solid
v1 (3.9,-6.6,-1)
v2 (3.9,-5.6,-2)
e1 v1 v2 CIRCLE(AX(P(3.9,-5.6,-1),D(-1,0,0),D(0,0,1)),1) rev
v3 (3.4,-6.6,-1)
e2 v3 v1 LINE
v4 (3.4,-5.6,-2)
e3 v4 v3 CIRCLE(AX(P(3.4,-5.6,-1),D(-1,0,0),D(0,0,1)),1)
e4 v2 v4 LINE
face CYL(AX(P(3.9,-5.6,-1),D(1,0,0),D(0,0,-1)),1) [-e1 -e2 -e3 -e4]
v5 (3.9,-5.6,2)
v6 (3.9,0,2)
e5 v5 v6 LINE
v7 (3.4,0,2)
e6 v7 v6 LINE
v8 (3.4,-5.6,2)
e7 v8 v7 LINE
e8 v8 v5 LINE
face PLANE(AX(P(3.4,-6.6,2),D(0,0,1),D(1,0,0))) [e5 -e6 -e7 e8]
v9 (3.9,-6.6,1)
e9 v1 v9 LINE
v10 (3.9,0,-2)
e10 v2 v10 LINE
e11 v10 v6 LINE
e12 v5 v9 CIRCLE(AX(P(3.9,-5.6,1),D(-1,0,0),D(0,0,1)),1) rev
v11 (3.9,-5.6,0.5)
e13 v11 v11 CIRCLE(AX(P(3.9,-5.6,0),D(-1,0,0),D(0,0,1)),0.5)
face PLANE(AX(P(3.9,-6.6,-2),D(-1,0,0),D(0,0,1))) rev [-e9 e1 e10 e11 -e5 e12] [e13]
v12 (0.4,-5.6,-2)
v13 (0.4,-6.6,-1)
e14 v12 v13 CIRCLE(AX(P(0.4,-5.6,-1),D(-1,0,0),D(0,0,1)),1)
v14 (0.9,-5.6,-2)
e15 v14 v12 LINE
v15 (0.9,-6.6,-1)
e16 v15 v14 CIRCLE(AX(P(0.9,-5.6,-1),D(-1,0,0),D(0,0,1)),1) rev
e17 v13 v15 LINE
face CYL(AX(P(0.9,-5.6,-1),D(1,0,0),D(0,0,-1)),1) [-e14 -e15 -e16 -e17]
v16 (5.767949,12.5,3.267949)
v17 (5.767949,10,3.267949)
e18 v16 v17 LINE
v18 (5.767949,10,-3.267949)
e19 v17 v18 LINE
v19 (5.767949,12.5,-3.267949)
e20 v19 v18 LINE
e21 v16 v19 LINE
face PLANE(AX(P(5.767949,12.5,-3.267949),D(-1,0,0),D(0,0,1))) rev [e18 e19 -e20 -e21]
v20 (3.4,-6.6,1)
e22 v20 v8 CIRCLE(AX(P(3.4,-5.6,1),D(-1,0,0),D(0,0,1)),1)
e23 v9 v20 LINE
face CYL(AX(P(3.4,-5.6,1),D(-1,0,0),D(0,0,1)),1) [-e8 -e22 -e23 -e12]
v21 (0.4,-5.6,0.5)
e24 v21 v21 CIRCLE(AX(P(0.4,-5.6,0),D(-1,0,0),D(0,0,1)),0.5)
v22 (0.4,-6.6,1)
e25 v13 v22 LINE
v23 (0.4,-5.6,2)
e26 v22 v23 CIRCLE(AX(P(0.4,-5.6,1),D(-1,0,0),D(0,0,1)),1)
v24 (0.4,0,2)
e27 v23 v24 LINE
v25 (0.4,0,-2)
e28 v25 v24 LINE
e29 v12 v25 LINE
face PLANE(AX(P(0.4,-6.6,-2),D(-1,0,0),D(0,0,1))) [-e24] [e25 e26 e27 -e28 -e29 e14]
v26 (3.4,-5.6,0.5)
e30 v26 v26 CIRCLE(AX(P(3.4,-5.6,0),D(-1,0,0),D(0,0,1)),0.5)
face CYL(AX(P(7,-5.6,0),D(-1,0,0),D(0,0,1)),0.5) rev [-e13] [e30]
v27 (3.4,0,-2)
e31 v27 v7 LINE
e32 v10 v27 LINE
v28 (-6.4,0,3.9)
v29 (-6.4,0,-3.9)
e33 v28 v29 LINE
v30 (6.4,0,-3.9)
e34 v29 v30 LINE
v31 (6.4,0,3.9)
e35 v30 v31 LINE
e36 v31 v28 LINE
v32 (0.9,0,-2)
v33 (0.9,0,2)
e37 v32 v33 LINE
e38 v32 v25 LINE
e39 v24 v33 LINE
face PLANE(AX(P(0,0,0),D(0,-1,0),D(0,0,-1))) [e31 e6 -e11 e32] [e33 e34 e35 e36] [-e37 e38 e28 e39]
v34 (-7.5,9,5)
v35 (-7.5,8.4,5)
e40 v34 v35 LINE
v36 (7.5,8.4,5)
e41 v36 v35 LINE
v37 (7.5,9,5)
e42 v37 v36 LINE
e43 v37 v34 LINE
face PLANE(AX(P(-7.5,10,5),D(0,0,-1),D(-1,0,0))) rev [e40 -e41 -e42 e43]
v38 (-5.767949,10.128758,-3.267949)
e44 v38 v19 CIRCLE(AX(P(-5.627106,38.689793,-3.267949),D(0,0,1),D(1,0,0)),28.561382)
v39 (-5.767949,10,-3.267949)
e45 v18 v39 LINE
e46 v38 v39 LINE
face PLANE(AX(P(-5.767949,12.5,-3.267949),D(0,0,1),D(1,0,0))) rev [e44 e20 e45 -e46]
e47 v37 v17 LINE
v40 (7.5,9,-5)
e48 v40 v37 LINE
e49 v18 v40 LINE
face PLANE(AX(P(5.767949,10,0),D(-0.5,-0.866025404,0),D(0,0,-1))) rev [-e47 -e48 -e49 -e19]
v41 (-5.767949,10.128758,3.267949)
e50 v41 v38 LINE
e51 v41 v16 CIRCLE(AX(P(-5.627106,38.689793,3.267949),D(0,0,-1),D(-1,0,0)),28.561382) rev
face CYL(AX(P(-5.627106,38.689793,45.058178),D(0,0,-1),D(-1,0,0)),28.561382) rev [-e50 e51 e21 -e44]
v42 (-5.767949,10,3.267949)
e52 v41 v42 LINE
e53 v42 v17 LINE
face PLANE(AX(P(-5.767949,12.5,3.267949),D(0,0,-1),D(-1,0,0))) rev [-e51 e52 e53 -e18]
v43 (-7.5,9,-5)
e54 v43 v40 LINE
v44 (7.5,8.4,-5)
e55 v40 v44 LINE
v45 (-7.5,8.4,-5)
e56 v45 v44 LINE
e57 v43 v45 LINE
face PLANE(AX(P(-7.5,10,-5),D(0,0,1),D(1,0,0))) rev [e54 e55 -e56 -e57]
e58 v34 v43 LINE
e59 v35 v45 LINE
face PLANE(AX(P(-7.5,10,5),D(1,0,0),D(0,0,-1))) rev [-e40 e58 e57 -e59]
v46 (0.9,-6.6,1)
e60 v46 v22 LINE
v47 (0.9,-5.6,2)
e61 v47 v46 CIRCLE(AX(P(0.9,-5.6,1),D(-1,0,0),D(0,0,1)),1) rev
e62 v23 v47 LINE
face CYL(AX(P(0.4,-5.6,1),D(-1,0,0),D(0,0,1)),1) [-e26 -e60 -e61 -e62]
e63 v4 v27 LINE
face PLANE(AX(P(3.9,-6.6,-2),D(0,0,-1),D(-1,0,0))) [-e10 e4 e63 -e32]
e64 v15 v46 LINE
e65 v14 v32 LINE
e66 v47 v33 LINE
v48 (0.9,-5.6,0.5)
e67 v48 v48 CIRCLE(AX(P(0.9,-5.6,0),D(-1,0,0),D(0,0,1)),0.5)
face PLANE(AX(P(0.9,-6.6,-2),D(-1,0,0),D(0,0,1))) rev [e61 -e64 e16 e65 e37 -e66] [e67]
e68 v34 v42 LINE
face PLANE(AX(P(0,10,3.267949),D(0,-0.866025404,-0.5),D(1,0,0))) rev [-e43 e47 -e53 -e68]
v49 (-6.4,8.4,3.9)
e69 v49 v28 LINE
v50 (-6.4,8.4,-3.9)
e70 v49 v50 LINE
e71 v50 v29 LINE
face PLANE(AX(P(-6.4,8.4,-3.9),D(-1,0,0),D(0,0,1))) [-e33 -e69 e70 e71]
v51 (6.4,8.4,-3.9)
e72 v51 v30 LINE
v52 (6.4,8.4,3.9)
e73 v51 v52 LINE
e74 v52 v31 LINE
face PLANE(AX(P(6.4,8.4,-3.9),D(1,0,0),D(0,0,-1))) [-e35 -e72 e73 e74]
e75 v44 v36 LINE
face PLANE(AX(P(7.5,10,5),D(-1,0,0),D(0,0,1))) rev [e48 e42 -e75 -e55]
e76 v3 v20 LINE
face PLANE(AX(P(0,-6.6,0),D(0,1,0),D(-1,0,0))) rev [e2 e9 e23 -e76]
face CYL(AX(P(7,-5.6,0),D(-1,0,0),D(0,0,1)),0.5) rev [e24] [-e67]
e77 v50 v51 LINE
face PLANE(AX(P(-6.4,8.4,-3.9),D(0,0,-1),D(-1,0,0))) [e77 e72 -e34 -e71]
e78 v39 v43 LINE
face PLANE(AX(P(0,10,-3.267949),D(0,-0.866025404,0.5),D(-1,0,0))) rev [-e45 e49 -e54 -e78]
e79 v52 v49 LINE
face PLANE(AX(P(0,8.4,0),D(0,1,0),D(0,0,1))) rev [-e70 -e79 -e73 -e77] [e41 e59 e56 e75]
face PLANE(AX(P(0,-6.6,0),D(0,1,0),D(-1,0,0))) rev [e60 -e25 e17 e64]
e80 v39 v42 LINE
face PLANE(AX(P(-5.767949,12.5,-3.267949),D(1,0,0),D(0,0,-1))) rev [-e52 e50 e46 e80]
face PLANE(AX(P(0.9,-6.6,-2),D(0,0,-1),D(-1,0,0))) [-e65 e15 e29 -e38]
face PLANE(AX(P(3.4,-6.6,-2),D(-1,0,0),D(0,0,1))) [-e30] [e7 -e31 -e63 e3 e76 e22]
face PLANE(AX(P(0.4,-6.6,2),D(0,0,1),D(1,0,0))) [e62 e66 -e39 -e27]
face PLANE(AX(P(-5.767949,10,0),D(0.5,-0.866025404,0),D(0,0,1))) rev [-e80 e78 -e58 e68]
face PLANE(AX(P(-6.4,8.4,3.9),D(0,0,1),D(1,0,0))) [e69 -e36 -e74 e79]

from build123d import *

# Parameters (mm, degrees)
SKETCH1_W               = 15
SKETCH1_H               = 10
BOSS_EXTRUDE1_DEPTH     = 10
SKETCH2_W               = 15
SKETCH2_H               = 10
SKETCH2_W_2             = 12.8
SKETCH2_H_2             = 7.8
CUT_EXTRUDE1_DEPTH      = 8.4
CHAMFER1_SIZE           = 1
CHAMFER1_SIZE2          = 1.732050808
CHAMFER1_PART_2_SIZE    = 1
CHAMFER1_PART_2_SIZE2   = 1.732050808
CHAMFER1_PART_3_SIZE    = 1
CHAMFER1_PART_3_SIZE2   = 1.732050808
CHAMFER1_PART_4_SIZE    = 1
CHAMFER1_PART_4_SIZE2   = 1.732050808
SKETCH3_W               = 0.5
SKETCH3_H               = 4
EXTRUDE_THIN1_DEPTH     = 6.6
FILLET1_R               = 1
SKETCH4_R               = 0.5
CUT_EXTRUDE2_DEPTH      = 6.6
SKETCH5_W               = 11.535898384
SKETCH5_H               = 6.535898384
BOSS_EXTRUDE2_DEPTH     = 2.5
CUT_EXTRUDE5_DEPTH      = 2.732050808
CUT_EXTRUDE5_DEPTH_BACK = 7.5


with BuildPart() as part:
    # Sketch1 → Boss-Extrude1 (new body)
    with BuildSketch(Plane(origin=(0, 0, 0), x_dir=(1, 0, 0), z_dir=(0, 1, 0))):
        Rectangle(SKETCH1_W, SKETCH1_H)
    extrude(amount=BOSS_EXTRUDE1_DEPTH)

    # Sketch2 → Cut-Extrude1 (cut)
    with BuildSketch(Plane.XZ):
        Rectangle(SKETCH2_W, SKETCH2_H)
        Rectangle(SKETCH2_W_2, SKETCH2_H_2, mode=Mode.SUBTRACT)
    extrude(amount=-CUT_EXTRUDE1_DEPTH, mode=Mode.SUBTRACT)

    # Chamfer1
    chamfer1_edges = [part.edges().sort_by_distance(p)[0] for p in [
        (-7.5, 10, 0),
    ]]
    chamfer1_side = [part.faces().sort_by_distance(p)[0] for p in [
        (-7.5, 9.2, 0),
    ]]
    chamfer(chamfer1_edges, length=CHAMFER1_SIZE, length2=CHAMFER1_SIZE2, reference=chamfer1_side[0])

    # Chamfer1 part 2
    chamfer1_part_2_edges = [part.edges().sort_by_distance(p)[0] for p in [
        (0, 10, 5),
    ]]
    chamfer1_part_2_side = [part.faces().sort_by_distance(p)[0] for p in [
        (0, 9.2, 5),
    ]]
    chamfer(chamfer1_part_2_edges, length=CHAMFER1_PART_2_SIZE, length2=CHAMFER1_PART_2_SIZE2, reference=chamfer1_part_2_side[0])

    # Chamfer1 part 3
    chamfer1_part_3_edges = [part.edges().sort_by_distance(p)[0] for p in [
        (7.5, 10, 0),
    ]]
    chamfer1_part_3_side = [part.faces().sort_by_distance(p)[0] for p in [
        (7.5, 9.2, 0),
    ]]
    chamfer(chamfer1_part_3_edges, length=CHAMFER1_PART_3_SIZE, length2=CHAMFER1_PART_3_SIZE2, reference=chamfer1_part_3_side[0])

    # Chamfer1 part 4
    chamfer1_part_4_edges = [part.edges().sort_by_distance(p)[0] for p in [
        (0, 10, -5),
    ]]
    chamfer1_part_4_side = [part.faces().sort_by_distance(p)[0] for p in [
        (0, 9.2, -5),
    ]]
    chamfer(chamfer1_part_4_edges, length=CHAMFER1_PART_4_SIZE, length2=CHAMFER1_PART_4_SIZE2, reference=chamfer1_part_4_side[0])

    # Sketch3 → Extrude-Thin1 (add)
    with BuildSketch(Plane.XZ):
        with Locations((3.65, 0)):
            Rectangle(SKETCH3_W, SKETCH3_H)
        with Locations((0.65, 0)):
            Rectangle(SKETCH3_W, SKETCH3_H)
    extrude(amount=EXTRUDE_THIN1_DEPTH)

    # Fillet1
    fillet1_edges = [part.edges().sort_by_distance(p)[0] for p in [
        (3.65, -6.6, 2),
        (3.65, -6.6, -2),
        (0.65, -6.6, 2),
        (0.65, -6.6, -2),
    ]]
    fillet(fillet1_edges, radius=FILLET1_R)

    # Sketch4 → Cut-Extrude2 (cut)
    with BuildSketch(Plane.ZY.offset(-0.4)):
        with Locations((0, -5.6)):
            Circle(SKETCH4_R)
    extrude(amount=-CUT_EXTRUDE2_DEPTH, mode=Mode.SUBTRACT)

    # Sketch5 → Boss-Extrude2 (add)
    with BuildSketch(Plane(origin=(0, 10, 0), x_dir=(1, 0, 0), z_dir=(0, 1, 0))):
        Rectangle(SKETCH5_W, SKETCH5_H)
    extrude(amount=BOSS_EXTRUDE2_DEPTH)

    # Sketch6 → Cut-Extrude5 (cut, two sides)
    with BuildSketch(Plane.XY.offset(3.267949192)) as cut_extrude5_sk:
        with BuildLine():
            Line((57.587759611, 35.04655449), (5.767949192, 12.5))
            ThreePointArc((5.767949192, 12.5), (0.123547764, 10.713329317), (-5.767949192, 10.128758351))
            Line((-5.767949192, 10.128758351), (-62.279560483, 10.40743474))
            Line((-62.279560483, 10.40743474), (-85.036348275, 121.117362453))
            Line((-85.036348275, 121.117362453), (34.83097182, 145.756482204))
            Line((34.83097182, 145.756482204), (57.587759611, 35.04655449))
        make_face()
    extrude(amount=CUT_EXTRUDE5_DEPTH, mode=Mode.SUBTRACT)
    extrude(cut_extrude5_sk.sketch, amount=-CUT_EXTRUDE5_DEPTH_BACK, mode=Mode.SUBTRACT)


solid = part.part
